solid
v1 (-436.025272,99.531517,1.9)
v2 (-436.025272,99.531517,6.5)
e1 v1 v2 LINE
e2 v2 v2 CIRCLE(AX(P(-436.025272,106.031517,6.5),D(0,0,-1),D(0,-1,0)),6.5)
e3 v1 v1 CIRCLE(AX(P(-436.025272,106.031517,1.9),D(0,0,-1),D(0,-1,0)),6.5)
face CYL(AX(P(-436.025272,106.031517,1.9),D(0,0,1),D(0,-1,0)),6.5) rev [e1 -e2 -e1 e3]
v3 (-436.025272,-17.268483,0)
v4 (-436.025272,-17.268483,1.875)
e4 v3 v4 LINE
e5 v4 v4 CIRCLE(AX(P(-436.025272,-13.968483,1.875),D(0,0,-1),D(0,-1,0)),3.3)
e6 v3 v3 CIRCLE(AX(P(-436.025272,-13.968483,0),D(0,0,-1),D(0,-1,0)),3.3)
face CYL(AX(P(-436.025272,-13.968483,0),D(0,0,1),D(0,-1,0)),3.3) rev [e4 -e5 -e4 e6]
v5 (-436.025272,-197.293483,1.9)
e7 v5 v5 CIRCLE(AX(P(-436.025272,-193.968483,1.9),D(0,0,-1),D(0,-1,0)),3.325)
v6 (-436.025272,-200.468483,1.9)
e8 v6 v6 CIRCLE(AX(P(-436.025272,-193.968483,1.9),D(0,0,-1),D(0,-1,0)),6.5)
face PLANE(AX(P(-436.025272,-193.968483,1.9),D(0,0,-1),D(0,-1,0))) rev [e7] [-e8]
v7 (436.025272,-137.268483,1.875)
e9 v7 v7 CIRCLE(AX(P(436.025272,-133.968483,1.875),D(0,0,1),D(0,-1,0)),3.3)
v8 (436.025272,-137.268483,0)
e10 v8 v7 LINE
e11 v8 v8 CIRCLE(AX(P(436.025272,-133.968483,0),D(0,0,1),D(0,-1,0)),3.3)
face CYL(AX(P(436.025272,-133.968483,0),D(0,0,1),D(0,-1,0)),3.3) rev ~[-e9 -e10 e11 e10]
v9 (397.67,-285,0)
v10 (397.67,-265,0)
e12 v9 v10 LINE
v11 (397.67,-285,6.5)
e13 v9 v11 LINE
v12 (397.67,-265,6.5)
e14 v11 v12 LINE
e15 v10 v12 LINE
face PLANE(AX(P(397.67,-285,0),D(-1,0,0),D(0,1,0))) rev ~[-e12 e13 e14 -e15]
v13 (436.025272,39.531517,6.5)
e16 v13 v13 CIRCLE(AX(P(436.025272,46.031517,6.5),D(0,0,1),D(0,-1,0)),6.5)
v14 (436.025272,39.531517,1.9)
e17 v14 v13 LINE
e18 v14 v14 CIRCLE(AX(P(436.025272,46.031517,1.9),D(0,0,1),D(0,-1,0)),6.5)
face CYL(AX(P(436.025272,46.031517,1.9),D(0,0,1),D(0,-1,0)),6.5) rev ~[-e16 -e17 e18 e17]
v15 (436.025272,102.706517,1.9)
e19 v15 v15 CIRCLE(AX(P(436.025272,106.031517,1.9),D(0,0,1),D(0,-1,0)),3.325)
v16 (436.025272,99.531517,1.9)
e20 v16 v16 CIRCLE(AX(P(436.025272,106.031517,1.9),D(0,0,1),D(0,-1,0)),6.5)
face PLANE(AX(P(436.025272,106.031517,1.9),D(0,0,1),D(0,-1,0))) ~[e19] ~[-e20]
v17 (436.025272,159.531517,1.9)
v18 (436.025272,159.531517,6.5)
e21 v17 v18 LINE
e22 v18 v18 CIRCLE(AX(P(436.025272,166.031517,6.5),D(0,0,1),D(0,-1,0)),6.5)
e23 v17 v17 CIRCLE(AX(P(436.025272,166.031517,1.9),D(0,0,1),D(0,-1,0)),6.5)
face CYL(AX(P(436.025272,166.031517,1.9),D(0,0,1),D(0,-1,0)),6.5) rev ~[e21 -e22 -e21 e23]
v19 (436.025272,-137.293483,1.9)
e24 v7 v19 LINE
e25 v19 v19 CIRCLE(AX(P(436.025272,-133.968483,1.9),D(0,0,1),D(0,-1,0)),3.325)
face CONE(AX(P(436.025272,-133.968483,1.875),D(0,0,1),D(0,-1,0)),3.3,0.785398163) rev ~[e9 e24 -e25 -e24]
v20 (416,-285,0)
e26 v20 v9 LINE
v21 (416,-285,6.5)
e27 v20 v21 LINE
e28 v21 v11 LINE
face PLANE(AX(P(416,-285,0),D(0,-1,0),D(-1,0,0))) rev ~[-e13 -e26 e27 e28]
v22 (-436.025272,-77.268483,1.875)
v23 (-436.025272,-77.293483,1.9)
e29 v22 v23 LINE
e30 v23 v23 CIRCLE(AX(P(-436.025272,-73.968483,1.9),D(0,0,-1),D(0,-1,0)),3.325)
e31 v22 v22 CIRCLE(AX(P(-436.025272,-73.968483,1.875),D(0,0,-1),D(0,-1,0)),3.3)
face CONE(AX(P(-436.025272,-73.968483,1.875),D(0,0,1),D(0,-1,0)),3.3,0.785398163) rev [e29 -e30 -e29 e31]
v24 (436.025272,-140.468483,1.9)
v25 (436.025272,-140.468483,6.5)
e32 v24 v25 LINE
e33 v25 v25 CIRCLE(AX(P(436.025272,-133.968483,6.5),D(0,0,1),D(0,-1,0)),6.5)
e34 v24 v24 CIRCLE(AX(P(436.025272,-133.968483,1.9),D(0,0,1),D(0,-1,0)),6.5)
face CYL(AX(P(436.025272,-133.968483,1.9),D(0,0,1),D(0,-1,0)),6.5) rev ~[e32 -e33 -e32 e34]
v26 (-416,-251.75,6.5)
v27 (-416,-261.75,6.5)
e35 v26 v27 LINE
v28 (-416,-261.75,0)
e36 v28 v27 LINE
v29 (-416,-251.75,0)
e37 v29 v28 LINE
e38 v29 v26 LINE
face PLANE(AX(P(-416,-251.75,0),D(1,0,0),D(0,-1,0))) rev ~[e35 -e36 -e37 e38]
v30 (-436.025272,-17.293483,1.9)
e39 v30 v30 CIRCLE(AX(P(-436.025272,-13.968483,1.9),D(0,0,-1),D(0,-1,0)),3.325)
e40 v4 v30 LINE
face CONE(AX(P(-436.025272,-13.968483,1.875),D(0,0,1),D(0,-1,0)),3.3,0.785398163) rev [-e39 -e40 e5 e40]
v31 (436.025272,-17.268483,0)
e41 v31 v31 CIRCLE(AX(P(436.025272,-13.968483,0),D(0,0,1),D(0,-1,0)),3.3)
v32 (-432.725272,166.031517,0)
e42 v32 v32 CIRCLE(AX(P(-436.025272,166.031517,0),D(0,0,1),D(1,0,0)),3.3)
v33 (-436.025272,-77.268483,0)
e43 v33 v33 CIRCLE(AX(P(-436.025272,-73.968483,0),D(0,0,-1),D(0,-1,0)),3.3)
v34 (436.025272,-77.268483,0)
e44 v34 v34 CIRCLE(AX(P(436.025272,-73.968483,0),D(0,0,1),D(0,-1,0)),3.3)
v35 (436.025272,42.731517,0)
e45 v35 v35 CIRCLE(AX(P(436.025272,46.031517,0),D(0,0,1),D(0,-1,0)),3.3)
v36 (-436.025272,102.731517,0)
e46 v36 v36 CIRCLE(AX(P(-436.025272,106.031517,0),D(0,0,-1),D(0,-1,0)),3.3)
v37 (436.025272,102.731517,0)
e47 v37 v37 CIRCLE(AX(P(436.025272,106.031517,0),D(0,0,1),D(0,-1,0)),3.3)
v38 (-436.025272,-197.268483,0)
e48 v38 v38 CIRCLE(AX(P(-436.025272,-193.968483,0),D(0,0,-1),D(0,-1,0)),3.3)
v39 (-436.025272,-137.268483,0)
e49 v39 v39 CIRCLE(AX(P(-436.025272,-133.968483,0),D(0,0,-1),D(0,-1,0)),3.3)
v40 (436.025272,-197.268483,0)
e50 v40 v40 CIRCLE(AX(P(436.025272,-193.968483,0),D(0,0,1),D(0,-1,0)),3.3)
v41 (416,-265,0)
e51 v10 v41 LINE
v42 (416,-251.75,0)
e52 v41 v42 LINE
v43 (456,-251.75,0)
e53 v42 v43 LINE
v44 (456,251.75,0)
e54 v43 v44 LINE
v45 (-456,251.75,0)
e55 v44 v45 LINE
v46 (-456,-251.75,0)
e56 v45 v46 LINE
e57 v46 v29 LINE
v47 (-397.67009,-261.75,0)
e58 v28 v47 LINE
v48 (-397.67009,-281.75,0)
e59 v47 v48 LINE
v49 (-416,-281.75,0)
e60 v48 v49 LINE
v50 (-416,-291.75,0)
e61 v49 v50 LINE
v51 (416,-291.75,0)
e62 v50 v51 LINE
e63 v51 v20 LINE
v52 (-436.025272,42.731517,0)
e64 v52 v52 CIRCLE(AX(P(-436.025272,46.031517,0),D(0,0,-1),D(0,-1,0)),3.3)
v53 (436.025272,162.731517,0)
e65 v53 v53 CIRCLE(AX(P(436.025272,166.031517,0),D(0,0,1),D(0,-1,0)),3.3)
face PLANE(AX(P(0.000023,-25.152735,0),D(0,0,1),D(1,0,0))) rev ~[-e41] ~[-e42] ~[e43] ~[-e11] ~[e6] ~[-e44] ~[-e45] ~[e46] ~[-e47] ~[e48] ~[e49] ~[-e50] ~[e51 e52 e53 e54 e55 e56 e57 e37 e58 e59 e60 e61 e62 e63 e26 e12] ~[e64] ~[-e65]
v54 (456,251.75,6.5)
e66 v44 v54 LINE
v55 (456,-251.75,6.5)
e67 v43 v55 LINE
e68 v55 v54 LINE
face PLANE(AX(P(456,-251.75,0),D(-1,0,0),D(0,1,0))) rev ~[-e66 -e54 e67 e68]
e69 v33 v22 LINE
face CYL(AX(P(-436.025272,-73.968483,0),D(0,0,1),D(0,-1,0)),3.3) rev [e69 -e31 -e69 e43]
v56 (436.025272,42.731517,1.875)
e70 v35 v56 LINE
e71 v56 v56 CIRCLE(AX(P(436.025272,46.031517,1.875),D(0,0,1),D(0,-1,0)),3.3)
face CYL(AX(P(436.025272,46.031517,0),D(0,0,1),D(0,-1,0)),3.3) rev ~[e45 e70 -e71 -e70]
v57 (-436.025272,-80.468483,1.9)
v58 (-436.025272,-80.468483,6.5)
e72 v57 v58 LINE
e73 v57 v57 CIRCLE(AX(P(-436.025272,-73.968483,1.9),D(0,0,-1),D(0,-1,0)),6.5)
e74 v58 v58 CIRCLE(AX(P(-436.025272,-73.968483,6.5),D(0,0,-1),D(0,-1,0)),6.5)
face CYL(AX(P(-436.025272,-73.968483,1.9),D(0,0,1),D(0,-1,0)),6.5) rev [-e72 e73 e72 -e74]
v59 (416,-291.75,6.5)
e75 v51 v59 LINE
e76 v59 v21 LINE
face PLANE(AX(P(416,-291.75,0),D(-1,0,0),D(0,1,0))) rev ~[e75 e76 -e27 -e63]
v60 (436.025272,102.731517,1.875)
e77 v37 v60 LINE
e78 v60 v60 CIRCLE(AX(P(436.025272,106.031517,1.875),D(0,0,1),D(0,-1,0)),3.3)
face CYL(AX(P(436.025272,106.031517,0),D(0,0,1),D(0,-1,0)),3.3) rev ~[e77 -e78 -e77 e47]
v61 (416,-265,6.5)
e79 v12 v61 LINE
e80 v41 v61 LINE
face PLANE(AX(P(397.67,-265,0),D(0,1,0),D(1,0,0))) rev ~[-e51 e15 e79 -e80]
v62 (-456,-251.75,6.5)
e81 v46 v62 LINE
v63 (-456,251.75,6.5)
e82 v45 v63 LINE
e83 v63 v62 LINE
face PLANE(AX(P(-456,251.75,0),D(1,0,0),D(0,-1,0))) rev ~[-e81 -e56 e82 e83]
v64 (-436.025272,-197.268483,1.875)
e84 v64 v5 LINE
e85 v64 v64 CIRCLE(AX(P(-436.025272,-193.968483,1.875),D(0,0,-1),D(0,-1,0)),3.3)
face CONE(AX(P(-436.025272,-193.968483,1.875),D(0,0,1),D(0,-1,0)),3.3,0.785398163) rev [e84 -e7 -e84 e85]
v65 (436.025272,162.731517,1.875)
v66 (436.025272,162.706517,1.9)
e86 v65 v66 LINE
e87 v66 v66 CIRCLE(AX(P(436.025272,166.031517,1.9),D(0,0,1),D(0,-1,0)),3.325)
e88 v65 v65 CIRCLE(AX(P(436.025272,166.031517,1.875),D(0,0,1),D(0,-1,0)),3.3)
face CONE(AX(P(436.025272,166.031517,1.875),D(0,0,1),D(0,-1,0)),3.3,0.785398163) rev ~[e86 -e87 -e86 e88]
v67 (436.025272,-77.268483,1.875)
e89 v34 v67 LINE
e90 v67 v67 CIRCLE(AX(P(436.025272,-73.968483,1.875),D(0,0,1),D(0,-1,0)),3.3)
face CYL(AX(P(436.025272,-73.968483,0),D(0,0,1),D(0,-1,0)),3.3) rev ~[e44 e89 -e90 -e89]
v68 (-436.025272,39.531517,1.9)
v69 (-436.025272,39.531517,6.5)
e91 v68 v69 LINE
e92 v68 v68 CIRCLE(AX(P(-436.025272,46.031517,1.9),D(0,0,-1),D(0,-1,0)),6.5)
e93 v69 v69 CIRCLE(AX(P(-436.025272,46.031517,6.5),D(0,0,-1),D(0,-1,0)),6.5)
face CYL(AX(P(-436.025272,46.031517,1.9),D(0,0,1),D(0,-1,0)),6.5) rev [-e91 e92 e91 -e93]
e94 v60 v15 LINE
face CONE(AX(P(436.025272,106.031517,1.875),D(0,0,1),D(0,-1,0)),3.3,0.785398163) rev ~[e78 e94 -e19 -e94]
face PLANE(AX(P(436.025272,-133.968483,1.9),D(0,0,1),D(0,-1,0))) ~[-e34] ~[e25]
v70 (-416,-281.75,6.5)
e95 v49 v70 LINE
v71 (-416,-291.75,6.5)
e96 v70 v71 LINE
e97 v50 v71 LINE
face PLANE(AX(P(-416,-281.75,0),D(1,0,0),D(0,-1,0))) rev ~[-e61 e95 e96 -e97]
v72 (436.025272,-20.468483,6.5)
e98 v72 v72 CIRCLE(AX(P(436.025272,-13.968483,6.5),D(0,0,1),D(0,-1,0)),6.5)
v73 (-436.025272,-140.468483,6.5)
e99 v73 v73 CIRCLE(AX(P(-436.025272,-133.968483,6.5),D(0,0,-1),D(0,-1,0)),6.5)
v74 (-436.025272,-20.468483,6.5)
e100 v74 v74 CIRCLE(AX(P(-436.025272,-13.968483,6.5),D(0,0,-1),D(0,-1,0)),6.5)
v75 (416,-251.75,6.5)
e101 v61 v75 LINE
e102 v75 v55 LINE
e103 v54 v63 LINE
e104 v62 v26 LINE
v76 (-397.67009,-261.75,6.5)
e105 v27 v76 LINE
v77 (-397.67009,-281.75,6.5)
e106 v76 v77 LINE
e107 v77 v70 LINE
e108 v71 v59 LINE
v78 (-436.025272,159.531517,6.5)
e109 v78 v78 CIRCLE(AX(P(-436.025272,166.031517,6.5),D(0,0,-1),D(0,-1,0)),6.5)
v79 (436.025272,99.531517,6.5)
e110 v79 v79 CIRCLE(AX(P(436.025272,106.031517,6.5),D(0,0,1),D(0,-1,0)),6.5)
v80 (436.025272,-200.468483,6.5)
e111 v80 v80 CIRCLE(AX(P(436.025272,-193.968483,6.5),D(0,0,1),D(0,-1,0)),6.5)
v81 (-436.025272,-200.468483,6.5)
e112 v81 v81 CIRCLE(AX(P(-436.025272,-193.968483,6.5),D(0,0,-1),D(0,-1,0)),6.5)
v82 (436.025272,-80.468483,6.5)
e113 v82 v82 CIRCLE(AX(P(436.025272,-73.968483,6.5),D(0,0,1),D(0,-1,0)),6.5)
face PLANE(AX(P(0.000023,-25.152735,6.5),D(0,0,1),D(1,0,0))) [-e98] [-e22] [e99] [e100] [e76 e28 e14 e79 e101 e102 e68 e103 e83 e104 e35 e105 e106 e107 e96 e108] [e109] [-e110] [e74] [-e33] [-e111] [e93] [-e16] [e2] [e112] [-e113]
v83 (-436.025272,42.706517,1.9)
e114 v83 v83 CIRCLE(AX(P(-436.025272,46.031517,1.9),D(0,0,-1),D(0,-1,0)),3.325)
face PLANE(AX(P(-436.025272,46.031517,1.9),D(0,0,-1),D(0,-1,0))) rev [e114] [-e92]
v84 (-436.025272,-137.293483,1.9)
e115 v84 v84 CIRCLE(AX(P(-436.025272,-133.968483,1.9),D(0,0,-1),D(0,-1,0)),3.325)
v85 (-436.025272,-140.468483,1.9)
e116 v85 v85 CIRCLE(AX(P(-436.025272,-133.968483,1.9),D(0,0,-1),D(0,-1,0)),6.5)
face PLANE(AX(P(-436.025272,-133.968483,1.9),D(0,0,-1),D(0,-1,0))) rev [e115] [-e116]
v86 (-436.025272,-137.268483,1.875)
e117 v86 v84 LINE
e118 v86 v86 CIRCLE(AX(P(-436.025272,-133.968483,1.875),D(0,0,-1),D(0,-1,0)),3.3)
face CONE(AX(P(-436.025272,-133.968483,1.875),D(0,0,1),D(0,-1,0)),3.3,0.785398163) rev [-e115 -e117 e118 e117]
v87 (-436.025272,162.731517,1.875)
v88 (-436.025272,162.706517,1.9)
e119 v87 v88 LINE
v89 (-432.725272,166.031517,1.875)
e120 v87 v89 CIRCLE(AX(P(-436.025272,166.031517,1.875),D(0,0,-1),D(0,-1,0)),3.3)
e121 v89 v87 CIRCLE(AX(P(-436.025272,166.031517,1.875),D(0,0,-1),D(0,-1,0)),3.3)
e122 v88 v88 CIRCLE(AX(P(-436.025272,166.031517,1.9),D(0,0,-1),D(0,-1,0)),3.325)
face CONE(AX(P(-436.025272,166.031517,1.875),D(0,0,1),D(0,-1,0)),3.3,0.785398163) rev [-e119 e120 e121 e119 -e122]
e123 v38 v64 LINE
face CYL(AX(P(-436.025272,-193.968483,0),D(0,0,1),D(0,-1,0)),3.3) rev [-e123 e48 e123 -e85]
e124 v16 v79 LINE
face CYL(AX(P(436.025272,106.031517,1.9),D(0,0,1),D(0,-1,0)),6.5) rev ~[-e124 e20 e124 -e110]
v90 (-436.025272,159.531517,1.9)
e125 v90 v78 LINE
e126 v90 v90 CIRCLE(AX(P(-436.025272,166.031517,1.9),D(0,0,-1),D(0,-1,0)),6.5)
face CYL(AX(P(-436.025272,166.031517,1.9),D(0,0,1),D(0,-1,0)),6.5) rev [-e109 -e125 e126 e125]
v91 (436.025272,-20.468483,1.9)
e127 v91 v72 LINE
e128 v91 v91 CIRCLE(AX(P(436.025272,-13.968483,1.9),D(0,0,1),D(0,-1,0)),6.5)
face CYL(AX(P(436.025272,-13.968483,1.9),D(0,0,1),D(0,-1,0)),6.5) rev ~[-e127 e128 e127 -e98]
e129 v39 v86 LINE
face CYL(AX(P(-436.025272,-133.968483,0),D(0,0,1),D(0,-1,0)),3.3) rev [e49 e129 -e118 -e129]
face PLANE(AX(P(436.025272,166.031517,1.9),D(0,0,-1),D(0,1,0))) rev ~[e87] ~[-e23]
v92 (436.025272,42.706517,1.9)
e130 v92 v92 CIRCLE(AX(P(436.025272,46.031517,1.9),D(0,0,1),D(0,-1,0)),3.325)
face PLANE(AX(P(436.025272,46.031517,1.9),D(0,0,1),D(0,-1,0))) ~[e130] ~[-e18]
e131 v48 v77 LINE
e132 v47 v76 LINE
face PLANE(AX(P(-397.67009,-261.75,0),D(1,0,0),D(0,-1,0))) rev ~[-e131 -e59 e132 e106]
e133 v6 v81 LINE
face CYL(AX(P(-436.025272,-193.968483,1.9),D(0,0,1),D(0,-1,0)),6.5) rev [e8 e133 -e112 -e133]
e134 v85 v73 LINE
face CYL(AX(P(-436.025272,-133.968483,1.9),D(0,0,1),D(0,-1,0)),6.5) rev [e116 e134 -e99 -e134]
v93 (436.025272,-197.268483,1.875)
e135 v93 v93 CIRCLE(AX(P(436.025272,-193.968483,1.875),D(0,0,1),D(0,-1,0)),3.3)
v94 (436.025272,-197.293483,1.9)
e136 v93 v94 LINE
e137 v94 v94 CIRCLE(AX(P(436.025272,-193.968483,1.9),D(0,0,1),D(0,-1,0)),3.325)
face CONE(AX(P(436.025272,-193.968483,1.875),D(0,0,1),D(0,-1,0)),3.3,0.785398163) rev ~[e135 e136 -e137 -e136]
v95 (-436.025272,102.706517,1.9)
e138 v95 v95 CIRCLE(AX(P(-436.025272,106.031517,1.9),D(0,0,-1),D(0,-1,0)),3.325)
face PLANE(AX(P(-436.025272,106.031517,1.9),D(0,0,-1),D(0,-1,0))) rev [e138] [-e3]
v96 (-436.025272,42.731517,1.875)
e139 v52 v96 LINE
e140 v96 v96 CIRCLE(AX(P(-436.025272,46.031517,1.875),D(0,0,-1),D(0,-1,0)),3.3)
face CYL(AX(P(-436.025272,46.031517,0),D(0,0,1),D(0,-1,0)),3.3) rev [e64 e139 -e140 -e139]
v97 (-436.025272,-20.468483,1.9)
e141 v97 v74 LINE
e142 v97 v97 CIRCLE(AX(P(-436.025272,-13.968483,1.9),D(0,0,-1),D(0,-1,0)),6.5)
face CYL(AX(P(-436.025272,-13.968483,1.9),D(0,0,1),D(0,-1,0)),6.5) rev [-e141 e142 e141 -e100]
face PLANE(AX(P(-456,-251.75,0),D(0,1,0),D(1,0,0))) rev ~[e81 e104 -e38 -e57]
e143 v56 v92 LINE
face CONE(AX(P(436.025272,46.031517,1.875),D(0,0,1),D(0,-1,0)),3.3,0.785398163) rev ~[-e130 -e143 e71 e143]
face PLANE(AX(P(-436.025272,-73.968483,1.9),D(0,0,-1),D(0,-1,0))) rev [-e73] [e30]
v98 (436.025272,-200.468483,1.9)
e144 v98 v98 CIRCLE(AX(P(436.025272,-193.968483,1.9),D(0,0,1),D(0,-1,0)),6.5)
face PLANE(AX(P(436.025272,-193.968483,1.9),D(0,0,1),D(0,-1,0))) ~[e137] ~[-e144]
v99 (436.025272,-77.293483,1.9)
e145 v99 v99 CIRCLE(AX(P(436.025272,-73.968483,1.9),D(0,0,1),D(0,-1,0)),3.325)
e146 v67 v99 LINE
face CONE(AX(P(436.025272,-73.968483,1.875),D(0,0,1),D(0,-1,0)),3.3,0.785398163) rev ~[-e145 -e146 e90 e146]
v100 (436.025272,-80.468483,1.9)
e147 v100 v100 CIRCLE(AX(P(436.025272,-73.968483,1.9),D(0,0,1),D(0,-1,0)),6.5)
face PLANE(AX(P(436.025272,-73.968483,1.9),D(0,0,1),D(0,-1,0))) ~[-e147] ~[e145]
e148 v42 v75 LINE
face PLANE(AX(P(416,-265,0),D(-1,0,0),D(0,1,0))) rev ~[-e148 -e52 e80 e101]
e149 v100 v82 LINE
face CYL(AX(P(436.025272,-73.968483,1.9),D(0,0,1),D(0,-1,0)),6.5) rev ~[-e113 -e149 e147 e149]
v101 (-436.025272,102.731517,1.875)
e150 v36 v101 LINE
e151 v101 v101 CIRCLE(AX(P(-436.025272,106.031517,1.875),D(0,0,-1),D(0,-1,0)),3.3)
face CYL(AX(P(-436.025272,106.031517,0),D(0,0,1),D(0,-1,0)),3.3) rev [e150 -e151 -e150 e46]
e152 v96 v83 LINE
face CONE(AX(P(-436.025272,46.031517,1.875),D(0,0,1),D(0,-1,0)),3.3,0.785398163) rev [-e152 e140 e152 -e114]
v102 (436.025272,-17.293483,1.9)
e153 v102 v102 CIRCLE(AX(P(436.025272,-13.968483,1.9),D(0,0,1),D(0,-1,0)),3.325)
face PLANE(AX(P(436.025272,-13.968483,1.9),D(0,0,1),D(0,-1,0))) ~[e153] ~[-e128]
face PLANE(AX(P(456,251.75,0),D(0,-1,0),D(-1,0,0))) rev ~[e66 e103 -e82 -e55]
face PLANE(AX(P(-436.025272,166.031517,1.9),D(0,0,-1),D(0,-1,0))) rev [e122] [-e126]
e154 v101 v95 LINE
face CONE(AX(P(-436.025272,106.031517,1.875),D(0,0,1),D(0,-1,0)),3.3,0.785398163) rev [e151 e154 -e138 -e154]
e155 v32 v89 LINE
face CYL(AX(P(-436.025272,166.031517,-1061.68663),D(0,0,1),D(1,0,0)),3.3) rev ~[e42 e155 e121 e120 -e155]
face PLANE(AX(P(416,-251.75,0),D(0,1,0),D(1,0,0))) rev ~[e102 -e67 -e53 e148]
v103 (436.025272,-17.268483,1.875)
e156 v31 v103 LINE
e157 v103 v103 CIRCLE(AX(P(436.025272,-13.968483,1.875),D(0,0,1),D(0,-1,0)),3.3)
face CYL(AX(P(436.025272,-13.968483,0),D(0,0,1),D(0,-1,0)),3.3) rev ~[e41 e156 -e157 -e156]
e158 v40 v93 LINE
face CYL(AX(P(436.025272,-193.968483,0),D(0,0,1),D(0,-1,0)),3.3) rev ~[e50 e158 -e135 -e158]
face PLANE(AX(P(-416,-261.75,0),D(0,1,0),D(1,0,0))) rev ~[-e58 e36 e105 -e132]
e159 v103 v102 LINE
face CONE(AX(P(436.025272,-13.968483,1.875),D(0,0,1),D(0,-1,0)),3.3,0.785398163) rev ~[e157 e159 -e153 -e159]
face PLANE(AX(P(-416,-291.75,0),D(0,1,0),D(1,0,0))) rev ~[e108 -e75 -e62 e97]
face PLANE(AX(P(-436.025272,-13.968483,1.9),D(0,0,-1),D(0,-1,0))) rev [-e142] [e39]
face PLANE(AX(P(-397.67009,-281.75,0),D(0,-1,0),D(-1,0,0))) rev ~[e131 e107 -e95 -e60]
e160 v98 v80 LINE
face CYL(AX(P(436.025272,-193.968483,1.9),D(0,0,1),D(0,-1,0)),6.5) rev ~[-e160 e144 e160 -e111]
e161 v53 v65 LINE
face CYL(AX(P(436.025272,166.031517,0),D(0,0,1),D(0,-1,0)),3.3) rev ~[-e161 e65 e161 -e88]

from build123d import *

# Parameters (mm, degrees)
BOSS_EXTRU_1_DEPTH         = 6.5
D_GAGEMENT_M61_D           = 6.6
R_P_TITION_LIN_AIRE1_COUNT = 7
R_P_TITION_LIN_AIRE1_PITCH = 60


with BuildPart() as part:
    # Esquisse1 → Boss.-Extru.1 (new body)
    with BuildSketch(Plane.XY):
        Polygon((416, -265.000000009), (416, -251.75), (456, -251.75), (456, 251.75), (-456, 251.75), (-456, -251.75), (-416, -251.75), (-416, -261.75000001), (-397.670089581, -261.75000001), (-397.670089581, -281.75000001), (-416, -281.75000001), (-416, -291.75), (416, -291.75), (416, -288.5), (416, -285.000000009), (397.67, -285.000000009), (397.67, -265.000000009), align=None)
    extrude(amount=BOSS_EXTRU_1_DEPTH)

    # Dégagement M61 (through all)
    with Locations(Plane(origin=(0, 0, 0), x_dir=(-1, 0, 0), z_dir=(0, 0, -1))):
        with Locations((436.025271582, 166.031516539)):
            Hole(D_GAGEMENT_M61_D / 2)

    # Esquisse5 → Chambrage pour vis à tête ronde bombée M61 (revolve, cut)
    with BuildSketch(Plane(origin=(-436.025271582, 166.031516539, 6.5), x_dir=(0, -1, 0), z_dir=(1, 0, 0))):
        Polygon((0, 0), (0, 6.5), (3.3, 6.5), (3.3, 4.625), (3.325, 4.6), (6.5, 4.6), (6.5, 0), align=None)
    chambrage_pour_vis_t_te_ronde_bomb_e_m = revolve(axis=Axis((-436.025271582, 166.031516539, 12.85), (0, 0, -1)), mode=Mode.SUBTRACT)

    # Répétition linéaire1: Chambrage pour vis à tête ronde bombée M61 ×7
    with Locations(*[(0, -i * R_P_TITION_LIN_AIRE1_PITCH, 0) for i in range(1, R_P_TITION_LIN_AIRE1_COUNT)]):
        add(chambrage_pour_vis_t_te_ronde_bomb_e_m, mode=Mode.SUBTRACT)

    # Symétrie2 copy 1 sketch → Symétrie2 copy 1 (revolve, cut)
    with BuildSketch(Plane(origin=(436.025271582, 106.031516539, 6.5), x_dir=(0, -1, 0), z_dir=(-1, 0, 0))):
        Polygon((0, 0), (0, -6.5), (3.3, -6.5), (3.3, -4.625), (3.325, -4.6), (6.5, -4.6), (6.5, 0), align=None)
    revolve(axis=Axis((436.025271582, 106.031516539, 12.85), (0, 0, 1)), mode=Mode.SUBTRACT)

    # Symétrie2 copy 2 sketch → Symétrie2 copy 2 (revolve, cut)
    with BuildSketch(Plane(origin=(436.025271582, 46.031516539, 6.5), x_dir=(0, -1, 0), z_dir=(-1, 0, 0))):
        Polygon((0, 0), (0, -6.5), (3.3, -6.5), (3.3, -4.625), (3.325, -4.6), (6.5, -4.6), (6.5, 0), align=None)
    revolve(axis=Axis((436.025271582, 46.031516539, 12.85), (0, 0, 1)), mode=Mode.SUBTRACT)

    # Symétrie2 copy 3 sketch → Symétrie2 copy 3 (revolve, cut)
    with BuildSketch(Plane(origin=(436.025271582, -13.968483461, 6.5), x_dir=(0, -1, 0), z_dir=(-1, 0, 0))):
        Polygon((0, 0), (0, -6.5), (3.3, -6.5), (3.3, -4.625), (3.325, -4.6), (6.5, -4.6), (6.5, 0), align=None)
    revolve(axis=Axis((436.025271582, -13.968483461, 12.85), (0, 0, 1)), mode=Mode.SUBTRACT)

    # Symétrie2 copy 4 sketch → Symétrie2 copy 4 (revolve, cut)
    with BuildSketch(Plane(origin=(436.025271582, -73.968483461, 6.5), x_dir=(0, -1, 0), z_dir=(-1, 0, 0))):
        Polygon((0, 0), (0, -6.5), (3.3, -6.5), (3.3, -4.625), (3.325, -4.6), (6.5, -4.6), (6.5, 0), align=None)
    revolve(axis=Axis((436.025271582, -73.968483461, 12.85), (0, 0, 1)), mode=Mode.SUBTRACT)

    # Symétrie2 copy 5 sketch → Symétrie2 copy 5 (revolve, cut)
    with BuildSketch(Plane(origin=(436.025271582, -133.968483461, 6.5), x_dir=(0, -1, 0), z_dir=(-1, 0, 0))):
        Polygon((0, 0), (0, -6.5), (3.3, -6.5), (3.3, -4.625), (3.325, -4.6), (6.5, -4.6), (6.5, 0), align=None)
    revolve(axis=Axis((436.025271582, -133.968483461, 12.85), (0, 0, 1)), mode=Mode.SUBTRACT)

    # Symétrie2 copy 6 sketch → Symétrie2 copy 6 (revolve, cut)
    with BuildSketch(Plane(origin=(436.025271582, -193.968483461, 6.5), x_dir=(0, -1, 0), z_dir=(-1, 0, 0))):
        Polygon((0, 0), (0, -6.5), (3.3, -6.5), (3.3, -4.625), (3.325, -4.6), (6.5, -4.6), (6.5, 0), align=None)
    revolve(axis=Axis((436.025271582, -193.968483461, 12.85), (0, 0, 1)), mode=Mode.SUBTRACT)

    # Symétrie2 copy 7 sketch → Symétrie2 copy 7 (revolve, cut)
    with BuildSketch(Plane(origin=(436.025271582, 166.031516539, 6.5), x_dir=(0, -1, 0), z_dir=(-1, 0, 0))):
        Polygon((0, 0), (0, -6.5), (3.3, -6.5), (3.3, -4.625), (3.325, -4.6), (6.5, -4.6), (6.5, 0), align=None)
    revolve(axis=Axis((436.025271582, 166.031516539, 12.85), (0, 0, 1)), mode=Mode.SUBTRACT)


solid = part.part
